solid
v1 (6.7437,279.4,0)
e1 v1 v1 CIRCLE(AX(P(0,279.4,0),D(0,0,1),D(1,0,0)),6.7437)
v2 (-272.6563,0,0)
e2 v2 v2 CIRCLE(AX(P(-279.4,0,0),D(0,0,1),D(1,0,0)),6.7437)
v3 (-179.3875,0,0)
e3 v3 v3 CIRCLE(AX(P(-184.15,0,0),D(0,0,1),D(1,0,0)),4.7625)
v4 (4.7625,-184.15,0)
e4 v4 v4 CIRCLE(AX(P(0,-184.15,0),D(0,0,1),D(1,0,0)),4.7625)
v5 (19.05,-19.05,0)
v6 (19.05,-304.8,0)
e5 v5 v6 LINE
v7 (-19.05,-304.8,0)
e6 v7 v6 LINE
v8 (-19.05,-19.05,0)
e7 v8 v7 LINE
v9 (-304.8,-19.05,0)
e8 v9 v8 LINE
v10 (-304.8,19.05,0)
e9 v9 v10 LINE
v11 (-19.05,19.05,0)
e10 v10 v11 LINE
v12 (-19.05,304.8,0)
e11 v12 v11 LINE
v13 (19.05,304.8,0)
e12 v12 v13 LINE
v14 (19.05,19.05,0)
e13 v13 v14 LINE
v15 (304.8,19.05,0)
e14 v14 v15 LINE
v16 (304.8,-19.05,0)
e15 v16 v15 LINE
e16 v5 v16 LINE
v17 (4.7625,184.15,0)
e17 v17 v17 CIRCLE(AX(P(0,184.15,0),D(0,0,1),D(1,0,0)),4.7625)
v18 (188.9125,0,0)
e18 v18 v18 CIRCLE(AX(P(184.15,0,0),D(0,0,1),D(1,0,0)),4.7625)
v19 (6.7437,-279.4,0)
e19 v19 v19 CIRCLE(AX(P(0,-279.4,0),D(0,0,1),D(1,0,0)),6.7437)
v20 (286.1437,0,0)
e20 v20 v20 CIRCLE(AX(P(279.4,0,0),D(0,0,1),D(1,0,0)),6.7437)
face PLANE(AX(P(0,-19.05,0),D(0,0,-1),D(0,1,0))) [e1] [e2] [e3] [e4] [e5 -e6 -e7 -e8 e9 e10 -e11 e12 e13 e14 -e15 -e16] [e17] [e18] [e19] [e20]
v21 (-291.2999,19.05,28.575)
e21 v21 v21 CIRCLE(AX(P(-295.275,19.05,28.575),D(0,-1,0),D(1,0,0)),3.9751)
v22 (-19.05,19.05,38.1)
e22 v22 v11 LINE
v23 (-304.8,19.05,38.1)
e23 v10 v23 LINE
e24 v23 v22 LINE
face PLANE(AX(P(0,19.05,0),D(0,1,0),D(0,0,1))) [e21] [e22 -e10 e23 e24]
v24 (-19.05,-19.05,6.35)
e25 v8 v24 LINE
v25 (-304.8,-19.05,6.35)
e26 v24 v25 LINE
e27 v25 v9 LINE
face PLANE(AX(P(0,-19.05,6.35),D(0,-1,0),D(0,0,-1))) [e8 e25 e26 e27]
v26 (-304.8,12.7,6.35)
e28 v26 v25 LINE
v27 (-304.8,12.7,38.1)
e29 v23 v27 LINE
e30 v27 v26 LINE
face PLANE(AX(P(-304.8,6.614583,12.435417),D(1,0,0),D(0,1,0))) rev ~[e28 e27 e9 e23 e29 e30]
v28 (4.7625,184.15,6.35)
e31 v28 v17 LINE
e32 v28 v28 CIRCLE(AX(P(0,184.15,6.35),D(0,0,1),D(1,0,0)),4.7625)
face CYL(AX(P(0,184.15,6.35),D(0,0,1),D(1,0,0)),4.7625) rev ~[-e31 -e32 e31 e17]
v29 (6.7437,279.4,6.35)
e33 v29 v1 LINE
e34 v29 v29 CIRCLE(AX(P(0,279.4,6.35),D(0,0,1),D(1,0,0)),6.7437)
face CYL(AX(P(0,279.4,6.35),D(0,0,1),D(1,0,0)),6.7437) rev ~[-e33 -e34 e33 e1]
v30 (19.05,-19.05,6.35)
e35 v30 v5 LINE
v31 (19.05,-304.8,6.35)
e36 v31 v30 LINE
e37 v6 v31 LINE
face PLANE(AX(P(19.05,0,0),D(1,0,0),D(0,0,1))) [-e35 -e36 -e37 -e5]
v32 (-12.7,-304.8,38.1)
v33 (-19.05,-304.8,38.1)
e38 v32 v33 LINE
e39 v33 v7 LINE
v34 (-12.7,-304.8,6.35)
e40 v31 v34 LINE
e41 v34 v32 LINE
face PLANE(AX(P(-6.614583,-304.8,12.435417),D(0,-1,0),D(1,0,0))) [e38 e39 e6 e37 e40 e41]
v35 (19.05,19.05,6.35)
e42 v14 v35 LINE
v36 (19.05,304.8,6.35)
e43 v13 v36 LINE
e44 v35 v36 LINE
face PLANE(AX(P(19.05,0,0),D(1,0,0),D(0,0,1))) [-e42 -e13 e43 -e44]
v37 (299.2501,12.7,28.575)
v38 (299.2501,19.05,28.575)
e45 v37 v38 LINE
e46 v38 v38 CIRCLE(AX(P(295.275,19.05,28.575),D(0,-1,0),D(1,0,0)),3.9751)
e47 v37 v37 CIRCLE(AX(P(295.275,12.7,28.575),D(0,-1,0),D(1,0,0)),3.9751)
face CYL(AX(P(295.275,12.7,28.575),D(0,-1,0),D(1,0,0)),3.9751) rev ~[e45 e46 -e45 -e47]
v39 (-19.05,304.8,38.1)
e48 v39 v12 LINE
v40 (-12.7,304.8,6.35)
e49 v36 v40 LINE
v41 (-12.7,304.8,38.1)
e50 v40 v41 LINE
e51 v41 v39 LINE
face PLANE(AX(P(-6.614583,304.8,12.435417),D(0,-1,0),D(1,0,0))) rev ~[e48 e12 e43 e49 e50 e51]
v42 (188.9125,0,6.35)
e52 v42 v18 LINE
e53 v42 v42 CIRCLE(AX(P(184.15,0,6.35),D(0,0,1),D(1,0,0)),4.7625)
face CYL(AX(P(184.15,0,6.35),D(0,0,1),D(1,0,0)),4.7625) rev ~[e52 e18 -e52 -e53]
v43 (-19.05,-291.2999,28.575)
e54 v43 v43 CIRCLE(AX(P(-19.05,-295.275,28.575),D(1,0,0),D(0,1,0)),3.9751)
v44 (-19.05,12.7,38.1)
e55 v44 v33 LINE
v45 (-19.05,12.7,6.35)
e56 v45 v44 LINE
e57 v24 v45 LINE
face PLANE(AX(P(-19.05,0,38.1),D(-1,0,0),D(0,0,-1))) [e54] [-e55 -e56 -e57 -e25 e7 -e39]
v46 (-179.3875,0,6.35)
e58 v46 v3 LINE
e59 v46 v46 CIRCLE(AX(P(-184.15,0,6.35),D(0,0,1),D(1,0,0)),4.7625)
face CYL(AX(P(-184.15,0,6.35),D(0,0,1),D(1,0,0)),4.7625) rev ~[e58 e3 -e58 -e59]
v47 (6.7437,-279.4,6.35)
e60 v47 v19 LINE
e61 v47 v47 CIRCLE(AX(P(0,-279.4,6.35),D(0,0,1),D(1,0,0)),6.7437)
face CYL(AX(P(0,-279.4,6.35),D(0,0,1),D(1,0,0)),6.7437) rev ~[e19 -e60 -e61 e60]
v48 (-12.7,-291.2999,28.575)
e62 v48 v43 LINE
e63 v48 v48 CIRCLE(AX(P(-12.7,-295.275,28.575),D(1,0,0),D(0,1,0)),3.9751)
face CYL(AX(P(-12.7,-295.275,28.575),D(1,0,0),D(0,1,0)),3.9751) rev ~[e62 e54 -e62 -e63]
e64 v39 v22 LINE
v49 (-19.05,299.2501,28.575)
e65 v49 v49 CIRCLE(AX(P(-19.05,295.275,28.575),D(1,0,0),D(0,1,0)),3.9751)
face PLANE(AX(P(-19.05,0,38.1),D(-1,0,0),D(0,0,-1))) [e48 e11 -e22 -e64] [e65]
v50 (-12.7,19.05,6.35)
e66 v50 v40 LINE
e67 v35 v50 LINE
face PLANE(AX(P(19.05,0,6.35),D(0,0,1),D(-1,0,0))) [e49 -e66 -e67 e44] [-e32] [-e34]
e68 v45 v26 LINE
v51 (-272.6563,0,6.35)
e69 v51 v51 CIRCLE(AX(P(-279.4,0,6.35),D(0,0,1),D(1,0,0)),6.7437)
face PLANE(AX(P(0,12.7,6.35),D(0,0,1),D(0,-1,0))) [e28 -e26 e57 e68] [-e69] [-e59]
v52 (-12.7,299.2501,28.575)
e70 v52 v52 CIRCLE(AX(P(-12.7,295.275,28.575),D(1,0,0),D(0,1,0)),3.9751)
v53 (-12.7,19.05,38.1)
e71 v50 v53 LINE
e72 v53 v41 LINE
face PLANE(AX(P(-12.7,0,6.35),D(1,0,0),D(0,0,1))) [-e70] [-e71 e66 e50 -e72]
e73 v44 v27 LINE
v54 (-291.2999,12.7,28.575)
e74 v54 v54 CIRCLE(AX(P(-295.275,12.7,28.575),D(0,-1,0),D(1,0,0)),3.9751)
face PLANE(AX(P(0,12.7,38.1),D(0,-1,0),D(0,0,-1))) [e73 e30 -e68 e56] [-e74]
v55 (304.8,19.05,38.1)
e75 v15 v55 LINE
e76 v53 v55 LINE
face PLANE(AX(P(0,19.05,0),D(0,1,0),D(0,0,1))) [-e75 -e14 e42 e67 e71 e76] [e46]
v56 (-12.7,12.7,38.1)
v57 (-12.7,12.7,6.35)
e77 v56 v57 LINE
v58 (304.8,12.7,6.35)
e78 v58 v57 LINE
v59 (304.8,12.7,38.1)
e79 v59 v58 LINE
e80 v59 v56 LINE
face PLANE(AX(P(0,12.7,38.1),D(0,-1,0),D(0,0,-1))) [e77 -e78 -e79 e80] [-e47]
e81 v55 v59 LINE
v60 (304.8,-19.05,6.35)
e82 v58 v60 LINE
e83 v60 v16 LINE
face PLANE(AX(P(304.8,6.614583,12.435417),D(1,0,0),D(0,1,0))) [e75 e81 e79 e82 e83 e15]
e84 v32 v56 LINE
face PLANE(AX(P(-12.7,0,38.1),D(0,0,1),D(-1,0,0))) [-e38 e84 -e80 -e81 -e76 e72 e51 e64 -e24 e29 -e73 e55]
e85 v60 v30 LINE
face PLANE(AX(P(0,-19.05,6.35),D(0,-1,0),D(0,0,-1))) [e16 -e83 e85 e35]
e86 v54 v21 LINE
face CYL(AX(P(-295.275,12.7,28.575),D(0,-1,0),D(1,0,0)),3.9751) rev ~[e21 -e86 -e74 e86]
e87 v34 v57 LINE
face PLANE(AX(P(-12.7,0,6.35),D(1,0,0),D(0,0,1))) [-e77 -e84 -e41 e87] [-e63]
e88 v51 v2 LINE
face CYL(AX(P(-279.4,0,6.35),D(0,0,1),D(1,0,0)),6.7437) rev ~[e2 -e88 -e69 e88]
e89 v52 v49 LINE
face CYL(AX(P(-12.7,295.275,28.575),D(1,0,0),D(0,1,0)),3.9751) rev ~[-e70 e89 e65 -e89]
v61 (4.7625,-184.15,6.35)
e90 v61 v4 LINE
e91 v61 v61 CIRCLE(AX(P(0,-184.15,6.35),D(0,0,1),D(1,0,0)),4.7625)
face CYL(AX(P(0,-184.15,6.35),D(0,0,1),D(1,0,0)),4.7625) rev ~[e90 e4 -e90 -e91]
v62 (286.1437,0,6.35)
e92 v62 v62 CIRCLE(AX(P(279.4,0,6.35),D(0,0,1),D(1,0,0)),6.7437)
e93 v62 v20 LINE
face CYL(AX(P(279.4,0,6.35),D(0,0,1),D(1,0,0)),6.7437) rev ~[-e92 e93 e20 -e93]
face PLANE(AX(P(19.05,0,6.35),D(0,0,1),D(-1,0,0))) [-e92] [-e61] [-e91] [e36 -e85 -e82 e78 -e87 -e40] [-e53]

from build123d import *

# Parameters (mm, degrees)
F1_DEPTH  = 304.8
F2_DEPTH  = 304.8
F4_DEPTH  = 304.8
F5_R      = 6.7437
F6_DEPTH  = 6.351
F7_R      = 3.9751
F8_DEPTH  = 292.101
F9_R      = 3.9751
F10_DEPTH = 292.101
F11_R     = 4.7625
F12_DEPTH = 6.351


with BuildPart() as f1:
    # F0 (on Front) → F1 (new body, symmetric)
    with BuildSketch(Plane.XZ):
        Polygon((-12.7, 38.1), (-19.05, 38.1), (-19.05, 0), (19.05, 0), (19.05, 6.35), (-12.7, 6.35), align=None)
    extrude(amount=F1_DEPTH, both=True)

    # F0 (on Front) → F2 (join, symmetric)
    with BuildSketch(Plane.XZ):
        Polygon((-12.7, 38.1), (-19.05, 38.1), (-19.05, 0), (19.05, 0), (19.05, 6.35), (-12.7, 6.35), align=None)
    extrude(amount=F2_DEPTH, both=True)

    # F3 (on Right) → F4 (join, symmetric)
    with BuildSketch(Plane.YZ):
        Polygon((-19.05, 6.35), (-19.05, 0), (19.05, 0), (19.05, 38.1), (12.7, 38.1), (12.7, 6.35), align=None)
    extrude(amount=F4_DEPTH, both=True)

    # F5 (on face) → F6 (cut, through all)
    with BuildSketch(Plane.XY.offset(6.35)):
        with Locations((-279.4, 0)):
            Circle(F5_R)
        with Locations((0, -279.4)):
            Circle(F5_R)
        with Locations((0, 279.4)):
            Circle(F5_R)
        with Locations((279.4, 0)):
            Circle(F5_R)
    extrude(amount=-F6_DEPTH, mode=Mode.SUBTRACT)

    # F7 (on face) → F8 (cut, through all)
    with BuildSketch(Plane.YZ.offset(-12.7)):
        with Locations((295.275, 28.575)):
            Circle(F7_R)
        with Locations((-295.275, 28.575)):
            Circle(F7_R)
    extrude(amount=-F8_DEPTH, mode=Mode.SUBTRACT)

    # F9 (on face) → F10 (cut, through all)
    with BuildSketch(Plane.XZ.offset(-12.7)):
        with Locations((295.275, 28.575)):
            Circle(F9_R)
        with Locations((-295.275, 28.575)):
            Circle(F9_R)
    extrude(amount=-F10_DEPTH, mode=Mode.SUBTRACT)

    # F11 (on face) → F12 (cut, through all)
    with BuildSketch(Plane.XY.offset(6.35)):
        with Locations((0, 184.15)):
            Circle(F11_R)
        with Locations((184.15, 0)):
            Circle(F11_R)
        with Locations((0, -184.15)):
            Circle(F11_R)
        with Locations((-184.15, 0)):
            Circle(F11_R)
    extrude(amount=-F12_DEPTH, mode=Mode.SUBTRACT)


solid = f1.part
